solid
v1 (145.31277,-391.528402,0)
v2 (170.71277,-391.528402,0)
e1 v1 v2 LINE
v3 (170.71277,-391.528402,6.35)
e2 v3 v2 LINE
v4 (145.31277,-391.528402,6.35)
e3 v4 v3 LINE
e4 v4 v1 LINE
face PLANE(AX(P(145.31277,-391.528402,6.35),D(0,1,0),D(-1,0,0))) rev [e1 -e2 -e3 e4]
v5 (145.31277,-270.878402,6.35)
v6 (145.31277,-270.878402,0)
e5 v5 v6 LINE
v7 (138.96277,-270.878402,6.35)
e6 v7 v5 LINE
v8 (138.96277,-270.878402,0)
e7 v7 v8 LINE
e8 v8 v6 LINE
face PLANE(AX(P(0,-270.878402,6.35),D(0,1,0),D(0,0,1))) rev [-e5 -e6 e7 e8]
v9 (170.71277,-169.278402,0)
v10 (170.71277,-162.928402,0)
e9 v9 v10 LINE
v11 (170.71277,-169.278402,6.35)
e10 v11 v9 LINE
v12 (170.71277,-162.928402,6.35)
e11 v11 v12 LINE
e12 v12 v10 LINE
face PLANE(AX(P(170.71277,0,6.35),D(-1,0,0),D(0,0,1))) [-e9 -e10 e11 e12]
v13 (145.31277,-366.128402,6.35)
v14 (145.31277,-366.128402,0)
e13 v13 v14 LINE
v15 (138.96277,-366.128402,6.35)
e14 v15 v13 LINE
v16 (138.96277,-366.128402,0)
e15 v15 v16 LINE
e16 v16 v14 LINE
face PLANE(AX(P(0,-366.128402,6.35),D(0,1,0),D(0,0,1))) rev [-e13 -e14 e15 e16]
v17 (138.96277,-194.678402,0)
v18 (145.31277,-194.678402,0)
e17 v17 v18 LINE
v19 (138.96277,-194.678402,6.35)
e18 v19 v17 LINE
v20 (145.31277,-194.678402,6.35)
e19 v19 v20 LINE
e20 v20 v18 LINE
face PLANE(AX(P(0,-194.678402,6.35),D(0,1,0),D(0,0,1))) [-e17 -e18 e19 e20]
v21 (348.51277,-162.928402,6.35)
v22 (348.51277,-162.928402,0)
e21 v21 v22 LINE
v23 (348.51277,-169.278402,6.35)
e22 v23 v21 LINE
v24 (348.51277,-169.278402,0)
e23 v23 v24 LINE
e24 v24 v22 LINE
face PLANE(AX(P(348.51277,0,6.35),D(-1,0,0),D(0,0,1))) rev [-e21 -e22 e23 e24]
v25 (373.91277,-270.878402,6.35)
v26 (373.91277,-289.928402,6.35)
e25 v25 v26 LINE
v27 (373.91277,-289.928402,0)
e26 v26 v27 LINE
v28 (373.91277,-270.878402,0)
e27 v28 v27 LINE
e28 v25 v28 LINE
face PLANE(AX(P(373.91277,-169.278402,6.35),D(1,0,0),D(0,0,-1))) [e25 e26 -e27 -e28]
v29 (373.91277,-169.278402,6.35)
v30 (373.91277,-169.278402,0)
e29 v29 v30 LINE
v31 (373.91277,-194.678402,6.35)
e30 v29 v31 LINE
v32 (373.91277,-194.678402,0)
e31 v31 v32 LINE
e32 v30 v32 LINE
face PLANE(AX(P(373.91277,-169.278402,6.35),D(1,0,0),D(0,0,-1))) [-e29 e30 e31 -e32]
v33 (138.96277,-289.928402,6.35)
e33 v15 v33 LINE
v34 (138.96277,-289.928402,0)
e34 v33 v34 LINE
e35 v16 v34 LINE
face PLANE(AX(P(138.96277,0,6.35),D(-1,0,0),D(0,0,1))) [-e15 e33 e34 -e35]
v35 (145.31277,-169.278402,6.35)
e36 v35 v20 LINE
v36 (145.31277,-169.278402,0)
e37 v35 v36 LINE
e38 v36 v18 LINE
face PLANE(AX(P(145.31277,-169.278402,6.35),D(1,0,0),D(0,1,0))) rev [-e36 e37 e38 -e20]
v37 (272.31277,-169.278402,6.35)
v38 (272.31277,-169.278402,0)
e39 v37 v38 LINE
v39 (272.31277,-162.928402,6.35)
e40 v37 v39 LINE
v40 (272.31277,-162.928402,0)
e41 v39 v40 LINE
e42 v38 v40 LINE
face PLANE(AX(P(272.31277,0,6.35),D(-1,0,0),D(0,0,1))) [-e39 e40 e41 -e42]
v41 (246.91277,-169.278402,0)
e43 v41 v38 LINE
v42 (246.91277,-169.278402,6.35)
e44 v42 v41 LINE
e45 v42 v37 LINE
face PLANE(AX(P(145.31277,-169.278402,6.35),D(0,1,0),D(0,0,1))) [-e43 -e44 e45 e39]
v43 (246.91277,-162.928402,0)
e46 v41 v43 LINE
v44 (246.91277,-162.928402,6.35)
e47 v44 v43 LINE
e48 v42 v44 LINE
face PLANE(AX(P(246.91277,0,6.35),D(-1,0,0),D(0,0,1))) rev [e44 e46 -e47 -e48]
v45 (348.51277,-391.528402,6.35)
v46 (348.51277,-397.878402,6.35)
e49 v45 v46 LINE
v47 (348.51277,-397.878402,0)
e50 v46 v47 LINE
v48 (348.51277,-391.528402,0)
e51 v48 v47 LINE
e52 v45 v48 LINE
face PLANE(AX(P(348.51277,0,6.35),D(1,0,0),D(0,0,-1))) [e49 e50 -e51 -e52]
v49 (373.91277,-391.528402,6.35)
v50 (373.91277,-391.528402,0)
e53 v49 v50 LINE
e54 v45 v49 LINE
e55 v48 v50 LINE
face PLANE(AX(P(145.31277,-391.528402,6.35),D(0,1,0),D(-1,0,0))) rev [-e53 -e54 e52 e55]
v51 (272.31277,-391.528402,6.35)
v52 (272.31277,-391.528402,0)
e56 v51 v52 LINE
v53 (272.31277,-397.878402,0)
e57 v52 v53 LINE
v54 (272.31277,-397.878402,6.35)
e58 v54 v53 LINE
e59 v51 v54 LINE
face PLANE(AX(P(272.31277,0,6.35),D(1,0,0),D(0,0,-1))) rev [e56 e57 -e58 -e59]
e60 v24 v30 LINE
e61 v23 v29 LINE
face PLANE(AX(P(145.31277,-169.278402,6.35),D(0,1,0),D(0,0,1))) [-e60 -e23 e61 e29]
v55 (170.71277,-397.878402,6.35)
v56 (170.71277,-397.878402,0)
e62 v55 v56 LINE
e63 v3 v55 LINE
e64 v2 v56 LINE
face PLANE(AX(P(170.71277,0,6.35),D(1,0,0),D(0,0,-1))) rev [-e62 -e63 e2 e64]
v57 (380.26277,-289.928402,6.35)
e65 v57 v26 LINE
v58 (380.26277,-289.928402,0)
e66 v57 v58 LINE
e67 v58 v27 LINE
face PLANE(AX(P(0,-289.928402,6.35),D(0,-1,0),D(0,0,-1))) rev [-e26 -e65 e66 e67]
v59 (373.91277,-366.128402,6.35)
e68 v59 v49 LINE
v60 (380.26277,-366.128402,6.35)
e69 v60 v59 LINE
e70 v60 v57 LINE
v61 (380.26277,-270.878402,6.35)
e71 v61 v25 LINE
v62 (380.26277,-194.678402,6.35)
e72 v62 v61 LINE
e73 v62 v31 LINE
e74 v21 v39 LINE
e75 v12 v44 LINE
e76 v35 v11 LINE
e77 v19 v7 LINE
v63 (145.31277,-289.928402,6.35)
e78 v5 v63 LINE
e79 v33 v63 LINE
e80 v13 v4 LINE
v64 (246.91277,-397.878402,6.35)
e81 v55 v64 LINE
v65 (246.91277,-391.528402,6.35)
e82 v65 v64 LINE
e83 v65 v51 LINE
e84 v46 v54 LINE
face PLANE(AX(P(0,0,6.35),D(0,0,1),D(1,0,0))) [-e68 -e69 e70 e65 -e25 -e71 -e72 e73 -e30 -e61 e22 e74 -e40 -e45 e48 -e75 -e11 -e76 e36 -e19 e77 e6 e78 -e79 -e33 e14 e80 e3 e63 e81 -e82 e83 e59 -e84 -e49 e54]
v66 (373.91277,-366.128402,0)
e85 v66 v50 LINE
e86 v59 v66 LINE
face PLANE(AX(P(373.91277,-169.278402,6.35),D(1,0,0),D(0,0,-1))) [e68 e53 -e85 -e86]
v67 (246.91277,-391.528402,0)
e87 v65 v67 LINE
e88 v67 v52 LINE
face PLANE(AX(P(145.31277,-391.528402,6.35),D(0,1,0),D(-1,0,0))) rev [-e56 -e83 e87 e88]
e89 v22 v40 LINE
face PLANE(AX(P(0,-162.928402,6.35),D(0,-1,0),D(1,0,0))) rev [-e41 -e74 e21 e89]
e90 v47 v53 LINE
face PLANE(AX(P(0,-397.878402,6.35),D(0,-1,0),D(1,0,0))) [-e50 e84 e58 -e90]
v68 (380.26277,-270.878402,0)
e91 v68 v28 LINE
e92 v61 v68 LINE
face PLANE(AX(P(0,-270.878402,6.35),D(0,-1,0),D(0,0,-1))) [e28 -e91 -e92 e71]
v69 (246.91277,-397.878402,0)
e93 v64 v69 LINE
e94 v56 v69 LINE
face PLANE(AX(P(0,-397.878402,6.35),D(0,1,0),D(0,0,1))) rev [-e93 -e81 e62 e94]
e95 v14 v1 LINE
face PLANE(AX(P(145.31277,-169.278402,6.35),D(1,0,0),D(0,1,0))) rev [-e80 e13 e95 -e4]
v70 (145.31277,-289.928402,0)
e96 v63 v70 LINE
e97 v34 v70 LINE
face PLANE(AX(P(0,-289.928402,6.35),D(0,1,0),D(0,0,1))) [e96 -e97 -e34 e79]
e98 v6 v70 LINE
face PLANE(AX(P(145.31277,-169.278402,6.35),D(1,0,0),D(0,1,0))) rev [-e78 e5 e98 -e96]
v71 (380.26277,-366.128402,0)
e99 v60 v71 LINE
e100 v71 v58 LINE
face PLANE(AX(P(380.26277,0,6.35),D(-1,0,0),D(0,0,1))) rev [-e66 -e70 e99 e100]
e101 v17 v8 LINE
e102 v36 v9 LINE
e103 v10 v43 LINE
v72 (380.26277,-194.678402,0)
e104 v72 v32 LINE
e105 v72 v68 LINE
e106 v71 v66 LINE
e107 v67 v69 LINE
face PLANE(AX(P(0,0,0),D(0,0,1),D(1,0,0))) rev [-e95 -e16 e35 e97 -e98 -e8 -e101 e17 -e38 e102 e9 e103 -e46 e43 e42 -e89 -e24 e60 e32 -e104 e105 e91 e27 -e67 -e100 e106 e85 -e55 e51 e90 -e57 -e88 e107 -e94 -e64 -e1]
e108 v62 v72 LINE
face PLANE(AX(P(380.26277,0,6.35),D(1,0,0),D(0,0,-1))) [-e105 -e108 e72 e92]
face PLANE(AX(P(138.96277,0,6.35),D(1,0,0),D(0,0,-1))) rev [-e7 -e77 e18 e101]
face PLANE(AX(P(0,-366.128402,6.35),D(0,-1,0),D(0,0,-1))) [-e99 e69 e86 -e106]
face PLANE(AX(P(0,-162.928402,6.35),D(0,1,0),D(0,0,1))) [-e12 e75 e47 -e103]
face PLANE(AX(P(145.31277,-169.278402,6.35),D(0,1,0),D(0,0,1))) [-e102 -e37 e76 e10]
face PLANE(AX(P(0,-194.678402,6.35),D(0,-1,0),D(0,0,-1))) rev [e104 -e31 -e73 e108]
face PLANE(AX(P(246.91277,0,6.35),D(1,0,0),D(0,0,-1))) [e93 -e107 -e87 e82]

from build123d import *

# Parameters (mm, degrees)
BOSS_EXTRUDE1_DEPTH = 6.35


with BuildPart() as part:
    # Sketch5 → Boss-Extrude1 (new body)
    with BuildSketch(Plane.XY):
        Polygon((170.712770275, -169.278401611), (145.312770275, -169.278401611), (145.312770275, -194.678401611), (138.962770275, -194.678401611), (138.962770275, -270.878401611), (145.312770275, -270.878401611), (145.312770275, -289.928401611), (138.962770275, -289.928401611), (138.962770275, -366.128401611), (145.312770275, -366.128401611), (145.312770275, -391.528401611), (170.712770275, -391.528401611), (170.712770275, -397.878401611), (246.912770275, -397.878401611), (246.912770275, -391.528401611), (272.312770275, -391.528401611), (272.312770275, -397.878401611), (348.512770275, -397.878401611), (348.512770275, -391.528401611), (373.912770275, -391.528401611), (373.912770275, -366.128401611), (380.262770275, -366.128401611), (380.262770275, -289.928401611), (373.912770275, -289.928401611), (373.912770275, -270.878401611), (380.262770275, -270.878401611), (380.262770275, -194.678401611), (373.912770275, -194.678401611), (373.912770275, -169.278401611), (348.512770275, -169.278401611), (348.512770275, -162.928401611), (272.312770275, -162.928401611), (272.312770275, -169.278401611), (246.912770275, -169.278401611), (246.912770275, -162.928401611), (170.712770275, -162.928401611), align=None)
    extrude(amount=BOSS_EXTRUDE1_DEPTH)


solid = part.part
